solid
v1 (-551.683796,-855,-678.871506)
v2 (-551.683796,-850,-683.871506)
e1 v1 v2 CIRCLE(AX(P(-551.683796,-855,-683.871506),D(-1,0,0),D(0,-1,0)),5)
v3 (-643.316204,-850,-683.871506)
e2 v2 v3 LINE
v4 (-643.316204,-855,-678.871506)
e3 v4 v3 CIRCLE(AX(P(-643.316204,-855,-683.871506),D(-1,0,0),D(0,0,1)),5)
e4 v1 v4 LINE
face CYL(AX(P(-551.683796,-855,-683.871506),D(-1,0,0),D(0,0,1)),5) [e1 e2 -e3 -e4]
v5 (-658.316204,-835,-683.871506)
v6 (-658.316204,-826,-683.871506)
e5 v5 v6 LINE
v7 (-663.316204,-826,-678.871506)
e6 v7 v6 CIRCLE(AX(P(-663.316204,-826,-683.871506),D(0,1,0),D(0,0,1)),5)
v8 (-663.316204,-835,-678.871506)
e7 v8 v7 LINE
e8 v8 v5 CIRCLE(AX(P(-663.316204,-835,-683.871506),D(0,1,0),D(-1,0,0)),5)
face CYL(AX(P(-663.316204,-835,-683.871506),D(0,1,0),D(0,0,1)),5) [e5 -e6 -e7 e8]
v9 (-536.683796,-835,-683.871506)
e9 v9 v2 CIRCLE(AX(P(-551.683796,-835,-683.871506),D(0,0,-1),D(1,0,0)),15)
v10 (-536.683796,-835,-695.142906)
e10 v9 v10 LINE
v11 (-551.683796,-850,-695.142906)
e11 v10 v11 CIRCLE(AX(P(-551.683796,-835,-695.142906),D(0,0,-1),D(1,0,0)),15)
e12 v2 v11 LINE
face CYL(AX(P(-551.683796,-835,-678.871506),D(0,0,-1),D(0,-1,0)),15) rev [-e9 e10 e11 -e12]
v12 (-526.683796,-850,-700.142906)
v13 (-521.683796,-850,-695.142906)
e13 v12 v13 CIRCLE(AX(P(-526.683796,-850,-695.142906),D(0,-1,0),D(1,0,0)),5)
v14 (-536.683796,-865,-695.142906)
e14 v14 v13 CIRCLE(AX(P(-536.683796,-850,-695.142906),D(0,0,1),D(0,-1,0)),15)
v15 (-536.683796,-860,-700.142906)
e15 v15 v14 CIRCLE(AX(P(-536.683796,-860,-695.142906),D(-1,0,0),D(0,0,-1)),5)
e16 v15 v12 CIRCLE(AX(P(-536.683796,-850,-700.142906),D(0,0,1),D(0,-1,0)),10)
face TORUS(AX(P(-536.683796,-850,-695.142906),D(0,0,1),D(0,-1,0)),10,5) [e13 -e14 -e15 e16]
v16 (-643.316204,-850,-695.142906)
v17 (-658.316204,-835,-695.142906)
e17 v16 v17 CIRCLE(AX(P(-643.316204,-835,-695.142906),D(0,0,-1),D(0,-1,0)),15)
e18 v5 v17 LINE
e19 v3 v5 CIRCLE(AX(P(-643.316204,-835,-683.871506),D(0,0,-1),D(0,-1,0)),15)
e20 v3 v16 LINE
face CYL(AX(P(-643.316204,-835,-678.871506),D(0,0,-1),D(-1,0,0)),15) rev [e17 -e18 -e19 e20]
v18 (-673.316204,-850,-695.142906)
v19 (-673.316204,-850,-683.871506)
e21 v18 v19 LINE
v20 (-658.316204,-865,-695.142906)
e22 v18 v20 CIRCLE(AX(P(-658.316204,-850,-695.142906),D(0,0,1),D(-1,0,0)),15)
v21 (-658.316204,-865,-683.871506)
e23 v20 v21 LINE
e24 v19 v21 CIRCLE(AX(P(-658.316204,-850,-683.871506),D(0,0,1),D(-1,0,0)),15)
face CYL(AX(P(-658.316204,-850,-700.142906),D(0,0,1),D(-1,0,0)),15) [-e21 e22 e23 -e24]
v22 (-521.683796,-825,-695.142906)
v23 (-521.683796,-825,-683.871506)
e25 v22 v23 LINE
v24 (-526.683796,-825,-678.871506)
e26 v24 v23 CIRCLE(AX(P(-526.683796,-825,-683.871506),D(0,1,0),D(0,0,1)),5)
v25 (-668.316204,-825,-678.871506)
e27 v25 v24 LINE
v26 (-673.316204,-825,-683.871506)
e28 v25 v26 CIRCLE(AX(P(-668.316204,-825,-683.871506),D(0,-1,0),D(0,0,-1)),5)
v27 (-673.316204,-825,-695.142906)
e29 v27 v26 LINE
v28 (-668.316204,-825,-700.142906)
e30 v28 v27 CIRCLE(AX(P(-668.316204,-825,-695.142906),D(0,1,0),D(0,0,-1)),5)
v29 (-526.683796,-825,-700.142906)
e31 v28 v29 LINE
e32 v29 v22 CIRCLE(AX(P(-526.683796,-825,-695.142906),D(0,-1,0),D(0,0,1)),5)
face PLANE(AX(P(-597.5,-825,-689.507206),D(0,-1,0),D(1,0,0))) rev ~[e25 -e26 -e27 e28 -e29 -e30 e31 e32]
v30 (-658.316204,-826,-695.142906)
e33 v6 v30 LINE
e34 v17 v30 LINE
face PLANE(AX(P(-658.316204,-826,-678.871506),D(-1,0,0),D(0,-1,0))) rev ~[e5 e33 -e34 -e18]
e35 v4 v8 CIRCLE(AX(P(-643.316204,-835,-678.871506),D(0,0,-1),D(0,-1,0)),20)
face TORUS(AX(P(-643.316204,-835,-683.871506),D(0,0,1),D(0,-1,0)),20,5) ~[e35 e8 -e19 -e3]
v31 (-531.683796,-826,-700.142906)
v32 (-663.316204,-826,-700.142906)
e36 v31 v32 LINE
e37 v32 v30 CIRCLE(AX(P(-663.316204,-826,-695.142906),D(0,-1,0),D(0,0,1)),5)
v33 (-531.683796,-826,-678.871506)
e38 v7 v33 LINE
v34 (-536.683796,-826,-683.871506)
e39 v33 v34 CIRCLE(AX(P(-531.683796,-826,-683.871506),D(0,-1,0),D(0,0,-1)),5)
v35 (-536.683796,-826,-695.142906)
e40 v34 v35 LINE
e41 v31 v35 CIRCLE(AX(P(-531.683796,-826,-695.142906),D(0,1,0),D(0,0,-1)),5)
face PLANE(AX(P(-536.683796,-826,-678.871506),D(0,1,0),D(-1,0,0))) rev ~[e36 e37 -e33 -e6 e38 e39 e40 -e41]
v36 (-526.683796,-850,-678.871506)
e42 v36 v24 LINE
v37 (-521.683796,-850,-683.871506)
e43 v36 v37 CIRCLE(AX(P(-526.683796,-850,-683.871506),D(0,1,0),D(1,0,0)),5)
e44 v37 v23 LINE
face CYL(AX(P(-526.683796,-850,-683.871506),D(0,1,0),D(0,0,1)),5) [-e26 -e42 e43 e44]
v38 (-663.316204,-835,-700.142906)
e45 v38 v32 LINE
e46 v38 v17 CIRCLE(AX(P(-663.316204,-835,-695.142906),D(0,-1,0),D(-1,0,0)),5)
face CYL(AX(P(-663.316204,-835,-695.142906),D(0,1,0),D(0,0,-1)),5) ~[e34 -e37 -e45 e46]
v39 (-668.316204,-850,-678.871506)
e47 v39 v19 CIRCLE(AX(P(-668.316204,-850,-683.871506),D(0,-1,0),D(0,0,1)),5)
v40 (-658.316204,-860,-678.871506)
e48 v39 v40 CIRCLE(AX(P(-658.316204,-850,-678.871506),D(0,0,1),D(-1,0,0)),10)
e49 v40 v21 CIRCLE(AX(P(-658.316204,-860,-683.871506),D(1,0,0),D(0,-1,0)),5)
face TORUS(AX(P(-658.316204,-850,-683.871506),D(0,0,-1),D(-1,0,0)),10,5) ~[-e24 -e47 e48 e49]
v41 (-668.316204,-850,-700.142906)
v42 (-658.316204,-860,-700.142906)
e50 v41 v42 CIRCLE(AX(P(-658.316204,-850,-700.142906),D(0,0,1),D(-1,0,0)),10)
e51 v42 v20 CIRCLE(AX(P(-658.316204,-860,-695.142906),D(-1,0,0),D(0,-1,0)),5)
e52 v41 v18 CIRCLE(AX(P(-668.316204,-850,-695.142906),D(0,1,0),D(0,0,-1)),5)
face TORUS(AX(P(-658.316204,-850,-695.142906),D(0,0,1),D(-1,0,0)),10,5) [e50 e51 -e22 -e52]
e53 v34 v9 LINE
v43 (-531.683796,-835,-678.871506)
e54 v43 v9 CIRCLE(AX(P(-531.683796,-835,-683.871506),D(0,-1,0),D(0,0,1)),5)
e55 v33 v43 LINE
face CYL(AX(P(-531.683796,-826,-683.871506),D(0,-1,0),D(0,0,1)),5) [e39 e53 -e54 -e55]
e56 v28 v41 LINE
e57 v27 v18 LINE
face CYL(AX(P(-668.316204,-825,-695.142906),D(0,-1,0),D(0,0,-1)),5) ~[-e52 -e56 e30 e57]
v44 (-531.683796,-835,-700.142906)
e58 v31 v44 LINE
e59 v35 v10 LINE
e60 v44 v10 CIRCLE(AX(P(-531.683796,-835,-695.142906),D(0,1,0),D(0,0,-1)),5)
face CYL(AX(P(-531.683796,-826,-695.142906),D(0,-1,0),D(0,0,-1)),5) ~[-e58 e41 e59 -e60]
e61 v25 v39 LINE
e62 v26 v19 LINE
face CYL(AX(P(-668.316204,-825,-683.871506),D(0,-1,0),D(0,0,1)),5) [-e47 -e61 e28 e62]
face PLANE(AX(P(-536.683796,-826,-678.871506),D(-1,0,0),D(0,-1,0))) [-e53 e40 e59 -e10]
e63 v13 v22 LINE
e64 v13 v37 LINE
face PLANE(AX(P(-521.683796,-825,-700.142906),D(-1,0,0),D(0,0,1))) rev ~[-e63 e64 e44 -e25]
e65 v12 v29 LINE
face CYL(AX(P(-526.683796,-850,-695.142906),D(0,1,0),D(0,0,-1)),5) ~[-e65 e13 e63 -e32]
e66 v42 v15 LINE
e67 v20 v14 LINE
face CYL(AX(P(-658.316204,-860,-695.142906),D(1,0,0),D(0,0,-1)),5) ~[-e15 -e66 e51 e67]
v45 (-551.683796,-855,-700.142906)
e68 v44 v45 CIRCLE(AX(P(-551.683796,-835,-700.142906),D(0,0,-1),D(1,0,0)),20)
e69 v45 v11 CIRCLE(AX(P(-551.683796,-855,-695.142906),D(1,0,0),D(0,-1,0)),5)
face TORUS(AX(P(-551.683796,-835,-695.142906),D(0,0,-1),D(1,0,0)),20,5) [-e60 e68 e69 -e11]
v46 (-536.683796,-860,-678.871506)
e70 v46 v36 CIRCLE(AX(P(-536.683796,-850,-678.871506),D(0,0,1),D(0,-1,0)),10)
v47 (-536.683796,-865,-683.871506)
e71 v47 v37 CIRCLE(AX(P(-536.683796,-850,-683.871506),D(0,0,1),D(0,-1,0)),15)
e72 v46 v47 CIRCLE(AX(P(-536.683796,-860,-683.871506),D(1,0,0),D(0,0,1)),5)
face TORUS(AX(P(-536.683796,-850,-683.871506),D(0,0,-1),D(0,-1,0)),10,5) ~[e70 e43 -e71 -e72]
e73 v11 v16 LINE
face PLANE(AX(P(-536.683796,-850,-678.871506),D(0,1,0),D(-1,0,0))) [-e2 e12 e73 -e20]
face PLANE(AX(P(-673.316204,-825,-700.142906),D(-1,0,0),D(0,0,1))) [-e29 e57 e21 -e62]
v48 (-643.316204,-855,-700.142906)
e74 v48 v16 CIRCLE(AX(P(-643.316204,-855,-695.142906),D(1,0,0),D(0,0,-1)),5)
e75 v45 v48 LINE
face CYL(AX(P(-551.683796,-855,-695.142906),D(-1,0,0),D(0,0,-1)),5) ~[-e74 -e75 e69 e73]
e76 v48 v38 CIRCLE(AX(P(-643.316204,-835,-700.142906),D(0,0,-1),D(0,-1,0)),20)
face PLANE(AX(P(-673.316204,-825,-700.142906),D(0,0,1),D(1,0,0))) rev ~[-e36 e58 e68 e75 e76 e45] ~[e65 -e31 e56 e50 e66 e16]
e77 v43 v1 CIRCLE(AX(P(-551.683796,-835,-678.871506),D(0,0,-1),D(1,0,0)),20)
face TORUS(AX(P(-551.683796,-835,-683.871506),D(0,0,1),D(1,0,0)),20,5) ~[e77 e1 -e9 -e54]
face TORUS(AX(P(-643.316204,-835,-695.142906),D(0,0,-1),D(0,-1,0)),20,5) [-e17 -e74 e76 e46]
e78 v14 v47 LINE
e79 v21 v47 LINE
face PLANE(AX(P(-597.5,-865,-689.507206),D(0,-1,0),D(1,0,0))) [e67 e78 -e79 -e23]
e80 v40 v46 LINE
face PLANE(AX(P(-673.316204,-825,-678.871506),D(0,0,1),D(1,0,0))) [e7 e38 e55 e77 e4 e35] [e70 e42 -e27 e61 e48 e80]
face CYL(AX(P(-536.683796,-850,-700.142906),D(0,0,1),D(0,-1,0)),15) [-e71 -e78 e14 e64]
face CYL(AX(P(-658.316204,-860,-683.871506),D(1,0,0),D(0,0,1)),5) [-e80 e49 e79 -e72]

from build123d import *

# Parameters (mm, degrees)
SKETCH016_W     = 151.632408
SKETCH016_H     = 21.2714
PAD010_DEPTH    = 40
SKETCH017_W     = 121.632408
SKETCH017_H     = 24
POCKET006_DEPTH = 21.2724
FILLET008_R     = 15
FILLET009_R     = 5


with BuildPart() as part:
    # Sketch016 (on Face1 of CopyPocket005) → Pad010 (new body)
    with BuildSketch(Plane.XZ.offset(825)):
        with Locations((-597.5, -689.507206)):
            Rectangle(SKETCH016_W, SKETCH016_H)
    extrude(amount=PAD010_DEPTH)

    # Sketch017 (on Face4 of Pad010) → Pocket006 (cut, through all)
    with BuildSketch(Plane(origin=(0, 0, -678.871506), x_dir=(-1, 0, 0), z_dir=(0, 0, 1))):
        with Locations((597.5, 838)):
            Rectangle(SKETCH017_W, SKETCH017_H)
    extrude(amount=-POCKET006_DEPTH, mode=Mode.SUBTRACT)

    # Fillet008
    fillet008_edges = [part.edges().sort_by_distance(p)[0] for p in [
        (-673.316204, -865, -689.507206),
        (-521.683796, -865, -689.507206),
        (-536.683796, -850, -689.507206),
        (-658.316204, -850, -689.507206),
    ]]
    fillet(fillet008_edges, radius=FILLET008_R)

    # Fillet009
    fillet009_edges = [part.edges().sort_by_distance(p)[0] for p in [
        (-597.5, -865, -678.871506),
        (-597.5, -850, -678.871506),
        (-597.5, -850, -700.142906),
        (-597.5, -865, -700.142906),
    ]]
    fillet(fillet009_edges, radius=FILLET009_R)


solid = part.part
